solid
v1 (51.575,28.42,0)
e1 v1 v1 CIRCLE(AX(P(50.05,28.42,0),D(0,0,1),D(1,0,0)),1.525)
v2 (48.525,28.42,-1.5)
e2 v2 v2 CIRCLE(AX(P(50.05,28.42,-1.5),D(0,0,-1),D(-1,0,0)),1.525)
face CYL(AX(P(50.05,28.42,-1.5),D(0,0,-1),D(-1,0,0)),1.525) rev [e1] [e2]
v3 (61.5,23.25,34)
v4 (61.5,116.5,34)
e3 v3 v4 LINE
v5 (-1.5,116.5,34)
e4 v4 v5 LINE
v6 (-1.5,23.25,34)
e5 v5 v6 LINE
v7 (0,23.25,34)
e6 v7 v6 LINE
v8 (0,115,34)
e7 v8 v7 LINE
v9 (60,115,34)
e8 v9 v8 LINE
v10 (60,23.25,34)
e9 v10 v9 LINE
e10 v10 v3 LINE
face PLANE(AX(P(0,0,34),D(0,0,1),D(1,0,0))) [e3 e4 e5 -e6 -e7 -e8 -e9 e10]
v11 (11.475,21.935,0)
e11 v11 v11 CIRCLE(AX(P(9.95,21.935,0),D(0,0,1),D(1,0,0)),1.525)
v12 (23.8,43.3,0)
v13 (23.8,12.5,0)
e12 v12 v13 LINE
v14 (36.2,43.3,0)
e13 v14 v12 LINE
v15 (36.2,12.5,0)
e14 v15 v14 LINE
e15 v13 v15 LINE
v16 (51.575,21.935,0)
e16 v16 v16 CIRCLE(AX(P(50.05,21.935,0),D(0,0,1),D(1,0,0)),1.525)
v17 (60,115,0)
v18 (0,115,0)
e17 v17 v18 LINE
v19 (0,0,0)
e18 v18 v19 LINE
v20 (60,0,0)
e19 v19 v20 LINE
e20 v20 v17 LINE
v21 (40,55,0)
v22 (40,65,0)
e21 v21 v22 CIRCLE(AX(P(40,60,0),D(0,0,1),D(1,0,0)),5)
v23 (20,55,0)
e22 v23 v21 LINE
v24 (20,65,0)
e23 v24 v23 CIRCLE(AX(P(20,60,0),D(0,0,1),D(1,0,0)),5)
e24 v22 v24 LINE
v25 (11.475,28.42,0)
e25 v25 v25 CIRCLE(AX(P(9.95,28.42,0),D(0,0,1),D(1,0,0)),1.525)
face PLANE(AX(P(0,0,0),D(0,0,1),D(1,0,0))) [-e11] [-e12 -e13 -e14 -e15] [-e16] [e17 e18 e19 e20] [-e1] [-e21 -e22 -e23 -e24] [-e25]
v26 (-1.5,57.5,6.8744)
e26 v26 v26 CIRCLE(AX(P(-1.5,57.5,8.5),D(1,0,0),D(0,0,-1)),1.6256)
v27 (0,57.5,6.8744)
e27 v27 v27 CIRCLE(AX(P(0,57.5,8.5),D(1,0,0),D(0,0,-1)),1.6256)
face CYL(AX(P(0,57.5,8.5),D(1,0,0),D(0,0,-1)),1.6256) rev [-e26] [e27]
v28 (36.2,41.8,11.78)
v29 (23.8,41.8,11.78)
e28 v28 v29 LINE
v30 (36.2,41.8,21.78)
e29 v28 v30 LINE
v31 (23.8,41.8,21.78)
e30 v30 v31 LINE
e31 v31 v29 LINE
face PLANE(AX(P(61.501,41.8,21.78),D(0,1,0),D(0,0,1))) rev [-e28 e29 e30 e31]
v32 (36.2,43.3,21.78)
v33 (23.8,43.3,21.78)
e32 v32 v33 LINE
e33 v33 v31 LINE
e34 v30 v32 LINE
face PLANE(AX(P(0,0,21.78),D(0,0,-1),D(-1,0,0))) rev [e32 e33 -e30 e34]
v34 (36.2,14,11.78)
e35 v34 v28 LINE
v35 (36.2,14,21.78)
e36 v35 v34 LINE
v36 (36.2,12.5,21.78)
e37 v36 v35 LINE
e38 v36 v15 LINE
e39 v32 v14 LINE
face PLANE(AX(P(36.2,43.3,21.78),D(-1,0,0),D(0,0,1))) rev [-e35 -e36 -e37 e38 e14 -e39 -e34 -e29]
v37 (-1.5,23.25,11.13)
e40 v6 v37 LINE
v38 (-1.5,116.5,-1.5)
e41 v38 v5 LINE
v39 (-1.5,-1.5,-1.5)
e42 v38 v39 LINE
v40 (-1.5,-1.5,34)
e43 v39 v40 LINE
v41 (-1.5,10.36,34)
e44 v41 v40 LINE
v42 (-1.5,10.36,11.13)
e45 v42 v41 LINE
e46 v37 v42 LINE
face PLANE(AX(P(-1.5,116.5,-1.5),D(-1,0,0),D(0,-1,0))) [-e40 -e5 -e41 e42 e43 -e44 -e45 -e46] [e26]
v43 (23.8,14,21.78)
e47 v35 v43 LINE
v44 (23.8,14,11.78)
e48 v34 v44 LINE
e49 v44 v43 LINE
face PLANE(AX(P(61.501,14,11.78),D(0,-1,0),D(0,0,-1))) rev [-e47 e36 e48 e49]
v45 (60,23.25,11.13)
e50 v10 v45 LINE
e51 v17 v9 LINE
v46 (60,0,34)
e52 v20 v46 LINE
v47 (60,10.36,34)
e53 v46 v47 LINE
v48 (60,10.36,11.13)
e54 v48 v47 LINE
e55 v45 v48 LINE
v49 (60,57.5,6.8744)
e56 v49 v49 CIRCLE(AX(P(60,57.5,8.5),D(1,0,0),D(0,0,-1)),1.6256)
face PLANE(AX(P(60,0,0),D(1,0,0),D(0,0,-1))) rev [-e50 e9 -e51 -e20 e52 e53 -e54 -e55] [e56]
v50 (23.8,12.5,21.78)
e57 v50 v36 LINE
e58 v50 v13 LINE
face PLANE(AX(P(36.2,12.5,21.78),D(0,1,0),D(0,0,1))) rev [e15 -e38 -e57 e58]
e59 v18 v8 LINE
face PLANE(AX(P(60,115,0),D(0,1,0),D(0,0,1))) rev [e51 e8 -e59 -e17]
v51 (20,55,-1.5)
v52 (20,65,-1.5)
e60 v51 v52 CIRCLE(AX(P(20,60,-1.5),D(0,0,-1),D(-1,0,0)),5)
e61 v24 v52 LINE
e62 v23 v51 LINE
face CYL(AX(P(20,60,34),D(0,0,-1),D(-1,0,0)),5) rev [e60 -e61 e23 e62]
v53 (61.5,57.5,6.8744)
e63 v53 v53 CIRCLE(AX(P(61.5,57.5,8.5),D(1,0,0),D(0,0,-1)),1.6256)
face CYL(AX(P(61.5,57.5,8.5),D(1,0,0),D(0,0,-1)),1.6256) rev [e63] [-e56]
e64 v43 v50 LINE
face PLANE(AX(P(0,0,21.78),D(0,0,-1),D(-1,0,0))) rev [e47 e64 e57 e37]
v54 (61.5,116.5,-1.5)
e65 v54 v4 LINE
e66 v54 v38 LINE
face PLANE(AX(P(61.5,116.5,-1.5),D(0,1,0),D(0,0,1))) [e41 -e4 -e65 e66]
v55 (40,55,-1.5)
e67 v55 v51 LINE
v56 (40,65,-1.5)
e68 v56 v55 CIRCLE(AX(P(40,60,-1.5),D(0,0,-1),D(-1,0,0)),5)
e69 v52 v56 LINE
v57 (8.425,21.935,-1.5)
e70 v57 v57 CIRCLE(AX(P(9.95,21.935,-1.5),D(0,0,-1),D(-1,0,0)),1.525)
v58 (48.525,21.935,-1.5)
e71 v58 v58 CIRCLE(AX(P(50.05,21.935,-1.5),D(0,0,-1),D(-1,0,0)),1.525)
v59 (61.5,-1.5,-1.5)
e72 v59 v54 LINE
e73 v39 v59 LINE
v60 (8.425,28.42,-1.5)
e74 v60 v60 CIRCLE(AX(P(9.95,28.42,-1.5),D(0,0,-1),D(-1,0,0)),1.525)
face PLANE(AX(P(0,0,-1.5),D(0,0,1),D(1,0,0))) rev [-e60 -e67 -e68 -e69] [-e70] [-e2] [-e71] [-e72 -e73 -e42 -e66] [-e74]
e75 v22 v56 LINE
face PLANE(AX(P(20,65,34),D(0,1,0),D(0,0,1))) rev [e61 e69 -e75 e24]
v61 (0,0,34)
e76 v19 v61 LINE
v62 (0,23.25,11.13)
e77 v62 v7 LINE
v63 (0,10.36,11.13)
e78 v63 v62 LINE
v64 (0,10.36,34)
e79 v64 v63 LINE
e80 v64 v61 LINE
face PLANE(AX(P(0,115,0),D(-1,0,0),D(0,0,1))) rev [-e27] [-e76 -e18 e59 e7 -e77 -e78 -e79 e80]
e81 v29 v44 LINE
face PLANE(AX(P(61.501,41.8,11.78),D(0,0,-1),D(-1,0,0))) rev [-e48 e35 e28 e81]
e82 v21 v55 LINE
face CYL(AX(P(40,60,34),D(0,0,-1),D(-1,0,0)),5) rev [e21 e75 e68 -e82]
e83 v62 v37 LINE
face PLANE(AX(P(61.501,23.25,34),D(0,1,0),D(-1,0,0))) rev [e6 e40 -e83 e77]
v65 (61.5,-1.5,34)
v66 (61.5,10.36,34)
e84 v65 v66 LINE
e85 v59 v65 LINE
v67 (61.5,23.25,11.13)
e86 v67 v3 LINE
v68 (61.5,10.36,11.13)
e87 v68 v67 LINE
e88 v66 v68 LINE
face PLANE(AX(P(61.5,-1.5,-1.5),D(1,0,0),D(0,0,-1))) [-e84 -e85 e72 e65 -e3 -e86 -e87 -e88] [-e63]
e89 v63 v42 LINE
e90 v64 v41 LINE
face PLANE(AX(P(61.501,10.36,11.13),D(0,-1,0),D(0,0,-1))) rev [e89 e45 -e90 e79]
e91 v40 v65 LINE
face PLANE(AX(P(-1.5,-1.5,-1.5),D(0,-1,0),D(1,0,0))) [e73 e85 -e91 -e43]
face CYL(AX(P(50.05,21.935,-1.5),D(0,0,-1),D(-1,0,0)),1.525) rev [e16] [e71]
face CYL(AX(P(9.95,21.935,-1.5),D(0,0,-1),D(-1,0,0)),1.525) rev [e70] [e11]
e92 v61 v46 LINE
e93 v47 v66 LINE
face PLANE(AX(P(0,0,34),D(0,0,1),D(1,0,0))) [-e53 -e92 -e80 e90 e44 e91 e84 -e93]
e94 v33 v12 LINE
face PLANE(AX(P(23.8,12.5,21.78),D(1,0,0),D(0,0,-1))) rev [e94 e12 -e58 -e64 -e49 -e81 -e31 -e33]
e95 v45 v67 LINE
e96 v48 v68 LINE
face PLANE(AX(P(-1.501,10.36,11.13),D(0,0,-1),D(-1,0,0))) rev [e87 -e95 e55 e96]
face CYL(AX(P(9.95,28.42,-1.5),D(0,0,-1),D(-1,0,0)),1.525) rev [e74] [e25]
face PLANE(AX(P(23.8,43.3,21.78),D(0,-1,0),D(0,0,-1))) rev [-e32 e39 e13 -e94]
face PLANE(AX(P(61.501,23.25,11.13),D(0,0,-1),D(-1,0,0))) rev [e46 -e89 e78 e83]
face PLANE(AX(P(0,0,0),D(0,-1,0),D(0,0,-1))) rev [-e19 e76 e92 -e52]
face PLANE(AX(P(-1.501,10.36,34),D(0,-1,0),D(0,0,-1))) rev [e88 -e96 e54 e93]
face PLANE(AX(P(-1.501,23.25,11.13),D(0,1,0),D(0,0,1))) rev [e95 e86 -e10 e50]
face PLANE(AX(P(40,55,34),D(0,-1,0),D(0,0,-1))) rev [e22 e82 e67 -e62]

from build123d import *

# Parameters (mm, degrees)
SKETCH1_W                  = 63
SKETCH1_H                  = 118
BOSS_EXTRUDE1_DEPTH        = 35.5
SKETCH2_W                  = 60
SKETCH2_H                  = 115
CUT_EXTRUDE1_DEPTH         = 34
SKETCH3_W                  = 12.4
SKETCH3_H                  = 30.8
BOSS_EXTRUDE2_DEPTH        = 21.78
CUT_EXTRUDE2_REACH         = 129.081
SKETCH4_W                  = 10
SKETCH4_H                  = 27.8
CUT_EXTRUDE3_REACH         = 138.738
SKETCH5_W                  = 22.87
SKETCH5_H                  = 12.89
CUT_EXTRUDE4_REACH         = 138.738
SKETCH6_W                  = 22.87
SKETCH6_H                  = 12.89
CUT_EXTRUDE5_DEPTH         = 137.435882377
M2_5_CLEARANCE_HOLE1_D     = 3.05
M2_5_CLEARANCE_HOLE1_DEPTH = 35.5
M3_CLEARANCE_HOLE1_D       = 3.2512
M3_CLEARANCE_HOLE1_DEPTH   = 1.5
M3_CLEARANCE_HOLE2_D       = 3.2512
M3_CLEARANCE_HOLE2_DEPTH   = 63


with BuildPart() as part:
    # Sketch1 → Boss-Extrude1 (new body)
    with BuildSketch(Plane.XY.offset(34)):
        with Locations((30, 57.5)):
            Rectangle(SKETCH1_W, SKETCH1_H)
    extrude(amount=-BOSS_EXTRUDE1_DEPTH)

    # Sketch2 → Cut-Extrude1 (cut)
    with BuildSketch(Plane.XY.offset(34)):
        with Locations((30, 57.5)):
            Rectangle(SKETCH2_W, SKETCH2_H)
    extrude(amount=-CUT_EXTRUDE1_DEPTH, mode=Mode.SUBTRACT)

    # Sketch3 → Boss-Extrude2 (add)
    with BuildSketch(Plane.XY):
        with Locations((30, 27.9)):
            Rectangle(SKETCH3_W, SKETCH3_H)
    extrude(amount=BOSS_EXTRUDE2_DEPTH)

    # Sketch4 → Cut-Extrude2 (cut, up to next)
    with BuildSketch(Plane.ZY.offset(-23.8), mode=Mode.PRIVATE) as cut_extrude2_sk1:
        with Locations((16.78, 27.9)):
            Rectangle(SKETCH4_W, SKETCH4_H)
    cut_extrude2_tool1 = extrude(cut_extrude2_sk1.sketch, amount=-CUT_EXTRUDE2_REACH, mode=Mode.PRIVATE) & part.part
    add(cut_extrude2_tool1.solids().sort_by_distance((23.8, 27.9, 16.78))[0], mode=Mode.SUBTRACT)

    # Sketch5 → Cut-Extrude3 (cut, up to next)
    with BuildSketch(Plane(origin=(61.5, 0, 0), x_dir=(0, 0, -1), z_dir=(1, 0, 0)), mode=Mode.PRIVATE) as cut_extrude3_sk1:
        with Locations((-22.565, 16.805)):
            Rectangle(SKETCH5_W, SKETCH5_H)
    cut_extrude3_tool1 = extrude(cut_extrude3_sk1.sketch, amount=-CUT_EXTRUDE3_REACH, mode=Mode.PRIVATE) & part.part
    add(cut_extrude3_tool1.solids().sort_by_distance((61.5, 16.805, 22.565))[0], mode=Mode.SUBTRACT)

    # Sketch6 → Cut-Extrude4 (cut, up to next)
    with BuildSketch(Plane.ZY.offset(1.5), mode=Mode.PRIVATE) as cut_extrude4_sk1:
        with Locations((22.565, 16.805)):
            Rectangle(SKETCH6_W, SKETCH6_H)
    cut_extrude4_tool1 = extrude(cut_extrude4_sk1.sketch, amount=-CUT_EXTRUDE4_REACH, mode=Mode.PRIVATE) & part.part
    add(cut_extrude4_tool1.solids().sort_by_distance((-1.5, 16.805, 22.565))[0], mode=Mode.SUBTRACT)

    # Sketch7 → Cut-Extrude5 (cut, through all)
    with BuildSketch(Plane(origin=(0, 0, -1.5), x_dir=(-1, 0, 0), z_dir=(0, 0, -1))):
        with BuildLine():
            Line((-40, 55), (-20, 55))
            ThreePointArc((-20, 55), (-15, 60), (-20, 65))
            Line((-20, 65), (-40, 65))
            ThreePointArc((-40, 65), (-45, 60), (-40, 55))
        make_face()
    extrude(amount=-CUT_EXTRUDE5_DEPTH, mode=Mode.SUBTRACT)

    # M2.5 Clearance Hole1
    with Locations(Plane(origin=(0, 0, -1.5), x_dir=(-1, 0, 0), z_dir=(0, 0, -1))):
        with Locations((-9.95, 28.42), (-9.95, 21.935), (-50.05, 28.42), (-50.05, 21.935)):
            Hole(M2_5_CLEARANCE_HOLE1_D / 2, depth=M2_5_CLEARANCE_HOLE1_DEPTH)

    # M3 Clearance Hole1
    with Locations(Plane(origin=(0, 0, 0), x_dir=(0, 0, -1), z_dir=(1, 0, 0))):
        with Locations((-8.5, 57.5)):
            Hole(M3_CLEARANCE_HOLE1_D / 2, depth=M3_CLEARANCE_HOLE1_DEPTH)

    # M3 Clearance Hole2
    with Locations(Plane(origin=(61.5, 0, 0), x_dir=(0, 0, -1), z_dir=(1, 0, 0))):
        with Locations((-8.5, 57.5)):
            Hole(M3_CLEARANCE_HOLE2_D / 2, depth=M3_CLEARANCE_HOLE2_DEPTH)


solid = part.part
